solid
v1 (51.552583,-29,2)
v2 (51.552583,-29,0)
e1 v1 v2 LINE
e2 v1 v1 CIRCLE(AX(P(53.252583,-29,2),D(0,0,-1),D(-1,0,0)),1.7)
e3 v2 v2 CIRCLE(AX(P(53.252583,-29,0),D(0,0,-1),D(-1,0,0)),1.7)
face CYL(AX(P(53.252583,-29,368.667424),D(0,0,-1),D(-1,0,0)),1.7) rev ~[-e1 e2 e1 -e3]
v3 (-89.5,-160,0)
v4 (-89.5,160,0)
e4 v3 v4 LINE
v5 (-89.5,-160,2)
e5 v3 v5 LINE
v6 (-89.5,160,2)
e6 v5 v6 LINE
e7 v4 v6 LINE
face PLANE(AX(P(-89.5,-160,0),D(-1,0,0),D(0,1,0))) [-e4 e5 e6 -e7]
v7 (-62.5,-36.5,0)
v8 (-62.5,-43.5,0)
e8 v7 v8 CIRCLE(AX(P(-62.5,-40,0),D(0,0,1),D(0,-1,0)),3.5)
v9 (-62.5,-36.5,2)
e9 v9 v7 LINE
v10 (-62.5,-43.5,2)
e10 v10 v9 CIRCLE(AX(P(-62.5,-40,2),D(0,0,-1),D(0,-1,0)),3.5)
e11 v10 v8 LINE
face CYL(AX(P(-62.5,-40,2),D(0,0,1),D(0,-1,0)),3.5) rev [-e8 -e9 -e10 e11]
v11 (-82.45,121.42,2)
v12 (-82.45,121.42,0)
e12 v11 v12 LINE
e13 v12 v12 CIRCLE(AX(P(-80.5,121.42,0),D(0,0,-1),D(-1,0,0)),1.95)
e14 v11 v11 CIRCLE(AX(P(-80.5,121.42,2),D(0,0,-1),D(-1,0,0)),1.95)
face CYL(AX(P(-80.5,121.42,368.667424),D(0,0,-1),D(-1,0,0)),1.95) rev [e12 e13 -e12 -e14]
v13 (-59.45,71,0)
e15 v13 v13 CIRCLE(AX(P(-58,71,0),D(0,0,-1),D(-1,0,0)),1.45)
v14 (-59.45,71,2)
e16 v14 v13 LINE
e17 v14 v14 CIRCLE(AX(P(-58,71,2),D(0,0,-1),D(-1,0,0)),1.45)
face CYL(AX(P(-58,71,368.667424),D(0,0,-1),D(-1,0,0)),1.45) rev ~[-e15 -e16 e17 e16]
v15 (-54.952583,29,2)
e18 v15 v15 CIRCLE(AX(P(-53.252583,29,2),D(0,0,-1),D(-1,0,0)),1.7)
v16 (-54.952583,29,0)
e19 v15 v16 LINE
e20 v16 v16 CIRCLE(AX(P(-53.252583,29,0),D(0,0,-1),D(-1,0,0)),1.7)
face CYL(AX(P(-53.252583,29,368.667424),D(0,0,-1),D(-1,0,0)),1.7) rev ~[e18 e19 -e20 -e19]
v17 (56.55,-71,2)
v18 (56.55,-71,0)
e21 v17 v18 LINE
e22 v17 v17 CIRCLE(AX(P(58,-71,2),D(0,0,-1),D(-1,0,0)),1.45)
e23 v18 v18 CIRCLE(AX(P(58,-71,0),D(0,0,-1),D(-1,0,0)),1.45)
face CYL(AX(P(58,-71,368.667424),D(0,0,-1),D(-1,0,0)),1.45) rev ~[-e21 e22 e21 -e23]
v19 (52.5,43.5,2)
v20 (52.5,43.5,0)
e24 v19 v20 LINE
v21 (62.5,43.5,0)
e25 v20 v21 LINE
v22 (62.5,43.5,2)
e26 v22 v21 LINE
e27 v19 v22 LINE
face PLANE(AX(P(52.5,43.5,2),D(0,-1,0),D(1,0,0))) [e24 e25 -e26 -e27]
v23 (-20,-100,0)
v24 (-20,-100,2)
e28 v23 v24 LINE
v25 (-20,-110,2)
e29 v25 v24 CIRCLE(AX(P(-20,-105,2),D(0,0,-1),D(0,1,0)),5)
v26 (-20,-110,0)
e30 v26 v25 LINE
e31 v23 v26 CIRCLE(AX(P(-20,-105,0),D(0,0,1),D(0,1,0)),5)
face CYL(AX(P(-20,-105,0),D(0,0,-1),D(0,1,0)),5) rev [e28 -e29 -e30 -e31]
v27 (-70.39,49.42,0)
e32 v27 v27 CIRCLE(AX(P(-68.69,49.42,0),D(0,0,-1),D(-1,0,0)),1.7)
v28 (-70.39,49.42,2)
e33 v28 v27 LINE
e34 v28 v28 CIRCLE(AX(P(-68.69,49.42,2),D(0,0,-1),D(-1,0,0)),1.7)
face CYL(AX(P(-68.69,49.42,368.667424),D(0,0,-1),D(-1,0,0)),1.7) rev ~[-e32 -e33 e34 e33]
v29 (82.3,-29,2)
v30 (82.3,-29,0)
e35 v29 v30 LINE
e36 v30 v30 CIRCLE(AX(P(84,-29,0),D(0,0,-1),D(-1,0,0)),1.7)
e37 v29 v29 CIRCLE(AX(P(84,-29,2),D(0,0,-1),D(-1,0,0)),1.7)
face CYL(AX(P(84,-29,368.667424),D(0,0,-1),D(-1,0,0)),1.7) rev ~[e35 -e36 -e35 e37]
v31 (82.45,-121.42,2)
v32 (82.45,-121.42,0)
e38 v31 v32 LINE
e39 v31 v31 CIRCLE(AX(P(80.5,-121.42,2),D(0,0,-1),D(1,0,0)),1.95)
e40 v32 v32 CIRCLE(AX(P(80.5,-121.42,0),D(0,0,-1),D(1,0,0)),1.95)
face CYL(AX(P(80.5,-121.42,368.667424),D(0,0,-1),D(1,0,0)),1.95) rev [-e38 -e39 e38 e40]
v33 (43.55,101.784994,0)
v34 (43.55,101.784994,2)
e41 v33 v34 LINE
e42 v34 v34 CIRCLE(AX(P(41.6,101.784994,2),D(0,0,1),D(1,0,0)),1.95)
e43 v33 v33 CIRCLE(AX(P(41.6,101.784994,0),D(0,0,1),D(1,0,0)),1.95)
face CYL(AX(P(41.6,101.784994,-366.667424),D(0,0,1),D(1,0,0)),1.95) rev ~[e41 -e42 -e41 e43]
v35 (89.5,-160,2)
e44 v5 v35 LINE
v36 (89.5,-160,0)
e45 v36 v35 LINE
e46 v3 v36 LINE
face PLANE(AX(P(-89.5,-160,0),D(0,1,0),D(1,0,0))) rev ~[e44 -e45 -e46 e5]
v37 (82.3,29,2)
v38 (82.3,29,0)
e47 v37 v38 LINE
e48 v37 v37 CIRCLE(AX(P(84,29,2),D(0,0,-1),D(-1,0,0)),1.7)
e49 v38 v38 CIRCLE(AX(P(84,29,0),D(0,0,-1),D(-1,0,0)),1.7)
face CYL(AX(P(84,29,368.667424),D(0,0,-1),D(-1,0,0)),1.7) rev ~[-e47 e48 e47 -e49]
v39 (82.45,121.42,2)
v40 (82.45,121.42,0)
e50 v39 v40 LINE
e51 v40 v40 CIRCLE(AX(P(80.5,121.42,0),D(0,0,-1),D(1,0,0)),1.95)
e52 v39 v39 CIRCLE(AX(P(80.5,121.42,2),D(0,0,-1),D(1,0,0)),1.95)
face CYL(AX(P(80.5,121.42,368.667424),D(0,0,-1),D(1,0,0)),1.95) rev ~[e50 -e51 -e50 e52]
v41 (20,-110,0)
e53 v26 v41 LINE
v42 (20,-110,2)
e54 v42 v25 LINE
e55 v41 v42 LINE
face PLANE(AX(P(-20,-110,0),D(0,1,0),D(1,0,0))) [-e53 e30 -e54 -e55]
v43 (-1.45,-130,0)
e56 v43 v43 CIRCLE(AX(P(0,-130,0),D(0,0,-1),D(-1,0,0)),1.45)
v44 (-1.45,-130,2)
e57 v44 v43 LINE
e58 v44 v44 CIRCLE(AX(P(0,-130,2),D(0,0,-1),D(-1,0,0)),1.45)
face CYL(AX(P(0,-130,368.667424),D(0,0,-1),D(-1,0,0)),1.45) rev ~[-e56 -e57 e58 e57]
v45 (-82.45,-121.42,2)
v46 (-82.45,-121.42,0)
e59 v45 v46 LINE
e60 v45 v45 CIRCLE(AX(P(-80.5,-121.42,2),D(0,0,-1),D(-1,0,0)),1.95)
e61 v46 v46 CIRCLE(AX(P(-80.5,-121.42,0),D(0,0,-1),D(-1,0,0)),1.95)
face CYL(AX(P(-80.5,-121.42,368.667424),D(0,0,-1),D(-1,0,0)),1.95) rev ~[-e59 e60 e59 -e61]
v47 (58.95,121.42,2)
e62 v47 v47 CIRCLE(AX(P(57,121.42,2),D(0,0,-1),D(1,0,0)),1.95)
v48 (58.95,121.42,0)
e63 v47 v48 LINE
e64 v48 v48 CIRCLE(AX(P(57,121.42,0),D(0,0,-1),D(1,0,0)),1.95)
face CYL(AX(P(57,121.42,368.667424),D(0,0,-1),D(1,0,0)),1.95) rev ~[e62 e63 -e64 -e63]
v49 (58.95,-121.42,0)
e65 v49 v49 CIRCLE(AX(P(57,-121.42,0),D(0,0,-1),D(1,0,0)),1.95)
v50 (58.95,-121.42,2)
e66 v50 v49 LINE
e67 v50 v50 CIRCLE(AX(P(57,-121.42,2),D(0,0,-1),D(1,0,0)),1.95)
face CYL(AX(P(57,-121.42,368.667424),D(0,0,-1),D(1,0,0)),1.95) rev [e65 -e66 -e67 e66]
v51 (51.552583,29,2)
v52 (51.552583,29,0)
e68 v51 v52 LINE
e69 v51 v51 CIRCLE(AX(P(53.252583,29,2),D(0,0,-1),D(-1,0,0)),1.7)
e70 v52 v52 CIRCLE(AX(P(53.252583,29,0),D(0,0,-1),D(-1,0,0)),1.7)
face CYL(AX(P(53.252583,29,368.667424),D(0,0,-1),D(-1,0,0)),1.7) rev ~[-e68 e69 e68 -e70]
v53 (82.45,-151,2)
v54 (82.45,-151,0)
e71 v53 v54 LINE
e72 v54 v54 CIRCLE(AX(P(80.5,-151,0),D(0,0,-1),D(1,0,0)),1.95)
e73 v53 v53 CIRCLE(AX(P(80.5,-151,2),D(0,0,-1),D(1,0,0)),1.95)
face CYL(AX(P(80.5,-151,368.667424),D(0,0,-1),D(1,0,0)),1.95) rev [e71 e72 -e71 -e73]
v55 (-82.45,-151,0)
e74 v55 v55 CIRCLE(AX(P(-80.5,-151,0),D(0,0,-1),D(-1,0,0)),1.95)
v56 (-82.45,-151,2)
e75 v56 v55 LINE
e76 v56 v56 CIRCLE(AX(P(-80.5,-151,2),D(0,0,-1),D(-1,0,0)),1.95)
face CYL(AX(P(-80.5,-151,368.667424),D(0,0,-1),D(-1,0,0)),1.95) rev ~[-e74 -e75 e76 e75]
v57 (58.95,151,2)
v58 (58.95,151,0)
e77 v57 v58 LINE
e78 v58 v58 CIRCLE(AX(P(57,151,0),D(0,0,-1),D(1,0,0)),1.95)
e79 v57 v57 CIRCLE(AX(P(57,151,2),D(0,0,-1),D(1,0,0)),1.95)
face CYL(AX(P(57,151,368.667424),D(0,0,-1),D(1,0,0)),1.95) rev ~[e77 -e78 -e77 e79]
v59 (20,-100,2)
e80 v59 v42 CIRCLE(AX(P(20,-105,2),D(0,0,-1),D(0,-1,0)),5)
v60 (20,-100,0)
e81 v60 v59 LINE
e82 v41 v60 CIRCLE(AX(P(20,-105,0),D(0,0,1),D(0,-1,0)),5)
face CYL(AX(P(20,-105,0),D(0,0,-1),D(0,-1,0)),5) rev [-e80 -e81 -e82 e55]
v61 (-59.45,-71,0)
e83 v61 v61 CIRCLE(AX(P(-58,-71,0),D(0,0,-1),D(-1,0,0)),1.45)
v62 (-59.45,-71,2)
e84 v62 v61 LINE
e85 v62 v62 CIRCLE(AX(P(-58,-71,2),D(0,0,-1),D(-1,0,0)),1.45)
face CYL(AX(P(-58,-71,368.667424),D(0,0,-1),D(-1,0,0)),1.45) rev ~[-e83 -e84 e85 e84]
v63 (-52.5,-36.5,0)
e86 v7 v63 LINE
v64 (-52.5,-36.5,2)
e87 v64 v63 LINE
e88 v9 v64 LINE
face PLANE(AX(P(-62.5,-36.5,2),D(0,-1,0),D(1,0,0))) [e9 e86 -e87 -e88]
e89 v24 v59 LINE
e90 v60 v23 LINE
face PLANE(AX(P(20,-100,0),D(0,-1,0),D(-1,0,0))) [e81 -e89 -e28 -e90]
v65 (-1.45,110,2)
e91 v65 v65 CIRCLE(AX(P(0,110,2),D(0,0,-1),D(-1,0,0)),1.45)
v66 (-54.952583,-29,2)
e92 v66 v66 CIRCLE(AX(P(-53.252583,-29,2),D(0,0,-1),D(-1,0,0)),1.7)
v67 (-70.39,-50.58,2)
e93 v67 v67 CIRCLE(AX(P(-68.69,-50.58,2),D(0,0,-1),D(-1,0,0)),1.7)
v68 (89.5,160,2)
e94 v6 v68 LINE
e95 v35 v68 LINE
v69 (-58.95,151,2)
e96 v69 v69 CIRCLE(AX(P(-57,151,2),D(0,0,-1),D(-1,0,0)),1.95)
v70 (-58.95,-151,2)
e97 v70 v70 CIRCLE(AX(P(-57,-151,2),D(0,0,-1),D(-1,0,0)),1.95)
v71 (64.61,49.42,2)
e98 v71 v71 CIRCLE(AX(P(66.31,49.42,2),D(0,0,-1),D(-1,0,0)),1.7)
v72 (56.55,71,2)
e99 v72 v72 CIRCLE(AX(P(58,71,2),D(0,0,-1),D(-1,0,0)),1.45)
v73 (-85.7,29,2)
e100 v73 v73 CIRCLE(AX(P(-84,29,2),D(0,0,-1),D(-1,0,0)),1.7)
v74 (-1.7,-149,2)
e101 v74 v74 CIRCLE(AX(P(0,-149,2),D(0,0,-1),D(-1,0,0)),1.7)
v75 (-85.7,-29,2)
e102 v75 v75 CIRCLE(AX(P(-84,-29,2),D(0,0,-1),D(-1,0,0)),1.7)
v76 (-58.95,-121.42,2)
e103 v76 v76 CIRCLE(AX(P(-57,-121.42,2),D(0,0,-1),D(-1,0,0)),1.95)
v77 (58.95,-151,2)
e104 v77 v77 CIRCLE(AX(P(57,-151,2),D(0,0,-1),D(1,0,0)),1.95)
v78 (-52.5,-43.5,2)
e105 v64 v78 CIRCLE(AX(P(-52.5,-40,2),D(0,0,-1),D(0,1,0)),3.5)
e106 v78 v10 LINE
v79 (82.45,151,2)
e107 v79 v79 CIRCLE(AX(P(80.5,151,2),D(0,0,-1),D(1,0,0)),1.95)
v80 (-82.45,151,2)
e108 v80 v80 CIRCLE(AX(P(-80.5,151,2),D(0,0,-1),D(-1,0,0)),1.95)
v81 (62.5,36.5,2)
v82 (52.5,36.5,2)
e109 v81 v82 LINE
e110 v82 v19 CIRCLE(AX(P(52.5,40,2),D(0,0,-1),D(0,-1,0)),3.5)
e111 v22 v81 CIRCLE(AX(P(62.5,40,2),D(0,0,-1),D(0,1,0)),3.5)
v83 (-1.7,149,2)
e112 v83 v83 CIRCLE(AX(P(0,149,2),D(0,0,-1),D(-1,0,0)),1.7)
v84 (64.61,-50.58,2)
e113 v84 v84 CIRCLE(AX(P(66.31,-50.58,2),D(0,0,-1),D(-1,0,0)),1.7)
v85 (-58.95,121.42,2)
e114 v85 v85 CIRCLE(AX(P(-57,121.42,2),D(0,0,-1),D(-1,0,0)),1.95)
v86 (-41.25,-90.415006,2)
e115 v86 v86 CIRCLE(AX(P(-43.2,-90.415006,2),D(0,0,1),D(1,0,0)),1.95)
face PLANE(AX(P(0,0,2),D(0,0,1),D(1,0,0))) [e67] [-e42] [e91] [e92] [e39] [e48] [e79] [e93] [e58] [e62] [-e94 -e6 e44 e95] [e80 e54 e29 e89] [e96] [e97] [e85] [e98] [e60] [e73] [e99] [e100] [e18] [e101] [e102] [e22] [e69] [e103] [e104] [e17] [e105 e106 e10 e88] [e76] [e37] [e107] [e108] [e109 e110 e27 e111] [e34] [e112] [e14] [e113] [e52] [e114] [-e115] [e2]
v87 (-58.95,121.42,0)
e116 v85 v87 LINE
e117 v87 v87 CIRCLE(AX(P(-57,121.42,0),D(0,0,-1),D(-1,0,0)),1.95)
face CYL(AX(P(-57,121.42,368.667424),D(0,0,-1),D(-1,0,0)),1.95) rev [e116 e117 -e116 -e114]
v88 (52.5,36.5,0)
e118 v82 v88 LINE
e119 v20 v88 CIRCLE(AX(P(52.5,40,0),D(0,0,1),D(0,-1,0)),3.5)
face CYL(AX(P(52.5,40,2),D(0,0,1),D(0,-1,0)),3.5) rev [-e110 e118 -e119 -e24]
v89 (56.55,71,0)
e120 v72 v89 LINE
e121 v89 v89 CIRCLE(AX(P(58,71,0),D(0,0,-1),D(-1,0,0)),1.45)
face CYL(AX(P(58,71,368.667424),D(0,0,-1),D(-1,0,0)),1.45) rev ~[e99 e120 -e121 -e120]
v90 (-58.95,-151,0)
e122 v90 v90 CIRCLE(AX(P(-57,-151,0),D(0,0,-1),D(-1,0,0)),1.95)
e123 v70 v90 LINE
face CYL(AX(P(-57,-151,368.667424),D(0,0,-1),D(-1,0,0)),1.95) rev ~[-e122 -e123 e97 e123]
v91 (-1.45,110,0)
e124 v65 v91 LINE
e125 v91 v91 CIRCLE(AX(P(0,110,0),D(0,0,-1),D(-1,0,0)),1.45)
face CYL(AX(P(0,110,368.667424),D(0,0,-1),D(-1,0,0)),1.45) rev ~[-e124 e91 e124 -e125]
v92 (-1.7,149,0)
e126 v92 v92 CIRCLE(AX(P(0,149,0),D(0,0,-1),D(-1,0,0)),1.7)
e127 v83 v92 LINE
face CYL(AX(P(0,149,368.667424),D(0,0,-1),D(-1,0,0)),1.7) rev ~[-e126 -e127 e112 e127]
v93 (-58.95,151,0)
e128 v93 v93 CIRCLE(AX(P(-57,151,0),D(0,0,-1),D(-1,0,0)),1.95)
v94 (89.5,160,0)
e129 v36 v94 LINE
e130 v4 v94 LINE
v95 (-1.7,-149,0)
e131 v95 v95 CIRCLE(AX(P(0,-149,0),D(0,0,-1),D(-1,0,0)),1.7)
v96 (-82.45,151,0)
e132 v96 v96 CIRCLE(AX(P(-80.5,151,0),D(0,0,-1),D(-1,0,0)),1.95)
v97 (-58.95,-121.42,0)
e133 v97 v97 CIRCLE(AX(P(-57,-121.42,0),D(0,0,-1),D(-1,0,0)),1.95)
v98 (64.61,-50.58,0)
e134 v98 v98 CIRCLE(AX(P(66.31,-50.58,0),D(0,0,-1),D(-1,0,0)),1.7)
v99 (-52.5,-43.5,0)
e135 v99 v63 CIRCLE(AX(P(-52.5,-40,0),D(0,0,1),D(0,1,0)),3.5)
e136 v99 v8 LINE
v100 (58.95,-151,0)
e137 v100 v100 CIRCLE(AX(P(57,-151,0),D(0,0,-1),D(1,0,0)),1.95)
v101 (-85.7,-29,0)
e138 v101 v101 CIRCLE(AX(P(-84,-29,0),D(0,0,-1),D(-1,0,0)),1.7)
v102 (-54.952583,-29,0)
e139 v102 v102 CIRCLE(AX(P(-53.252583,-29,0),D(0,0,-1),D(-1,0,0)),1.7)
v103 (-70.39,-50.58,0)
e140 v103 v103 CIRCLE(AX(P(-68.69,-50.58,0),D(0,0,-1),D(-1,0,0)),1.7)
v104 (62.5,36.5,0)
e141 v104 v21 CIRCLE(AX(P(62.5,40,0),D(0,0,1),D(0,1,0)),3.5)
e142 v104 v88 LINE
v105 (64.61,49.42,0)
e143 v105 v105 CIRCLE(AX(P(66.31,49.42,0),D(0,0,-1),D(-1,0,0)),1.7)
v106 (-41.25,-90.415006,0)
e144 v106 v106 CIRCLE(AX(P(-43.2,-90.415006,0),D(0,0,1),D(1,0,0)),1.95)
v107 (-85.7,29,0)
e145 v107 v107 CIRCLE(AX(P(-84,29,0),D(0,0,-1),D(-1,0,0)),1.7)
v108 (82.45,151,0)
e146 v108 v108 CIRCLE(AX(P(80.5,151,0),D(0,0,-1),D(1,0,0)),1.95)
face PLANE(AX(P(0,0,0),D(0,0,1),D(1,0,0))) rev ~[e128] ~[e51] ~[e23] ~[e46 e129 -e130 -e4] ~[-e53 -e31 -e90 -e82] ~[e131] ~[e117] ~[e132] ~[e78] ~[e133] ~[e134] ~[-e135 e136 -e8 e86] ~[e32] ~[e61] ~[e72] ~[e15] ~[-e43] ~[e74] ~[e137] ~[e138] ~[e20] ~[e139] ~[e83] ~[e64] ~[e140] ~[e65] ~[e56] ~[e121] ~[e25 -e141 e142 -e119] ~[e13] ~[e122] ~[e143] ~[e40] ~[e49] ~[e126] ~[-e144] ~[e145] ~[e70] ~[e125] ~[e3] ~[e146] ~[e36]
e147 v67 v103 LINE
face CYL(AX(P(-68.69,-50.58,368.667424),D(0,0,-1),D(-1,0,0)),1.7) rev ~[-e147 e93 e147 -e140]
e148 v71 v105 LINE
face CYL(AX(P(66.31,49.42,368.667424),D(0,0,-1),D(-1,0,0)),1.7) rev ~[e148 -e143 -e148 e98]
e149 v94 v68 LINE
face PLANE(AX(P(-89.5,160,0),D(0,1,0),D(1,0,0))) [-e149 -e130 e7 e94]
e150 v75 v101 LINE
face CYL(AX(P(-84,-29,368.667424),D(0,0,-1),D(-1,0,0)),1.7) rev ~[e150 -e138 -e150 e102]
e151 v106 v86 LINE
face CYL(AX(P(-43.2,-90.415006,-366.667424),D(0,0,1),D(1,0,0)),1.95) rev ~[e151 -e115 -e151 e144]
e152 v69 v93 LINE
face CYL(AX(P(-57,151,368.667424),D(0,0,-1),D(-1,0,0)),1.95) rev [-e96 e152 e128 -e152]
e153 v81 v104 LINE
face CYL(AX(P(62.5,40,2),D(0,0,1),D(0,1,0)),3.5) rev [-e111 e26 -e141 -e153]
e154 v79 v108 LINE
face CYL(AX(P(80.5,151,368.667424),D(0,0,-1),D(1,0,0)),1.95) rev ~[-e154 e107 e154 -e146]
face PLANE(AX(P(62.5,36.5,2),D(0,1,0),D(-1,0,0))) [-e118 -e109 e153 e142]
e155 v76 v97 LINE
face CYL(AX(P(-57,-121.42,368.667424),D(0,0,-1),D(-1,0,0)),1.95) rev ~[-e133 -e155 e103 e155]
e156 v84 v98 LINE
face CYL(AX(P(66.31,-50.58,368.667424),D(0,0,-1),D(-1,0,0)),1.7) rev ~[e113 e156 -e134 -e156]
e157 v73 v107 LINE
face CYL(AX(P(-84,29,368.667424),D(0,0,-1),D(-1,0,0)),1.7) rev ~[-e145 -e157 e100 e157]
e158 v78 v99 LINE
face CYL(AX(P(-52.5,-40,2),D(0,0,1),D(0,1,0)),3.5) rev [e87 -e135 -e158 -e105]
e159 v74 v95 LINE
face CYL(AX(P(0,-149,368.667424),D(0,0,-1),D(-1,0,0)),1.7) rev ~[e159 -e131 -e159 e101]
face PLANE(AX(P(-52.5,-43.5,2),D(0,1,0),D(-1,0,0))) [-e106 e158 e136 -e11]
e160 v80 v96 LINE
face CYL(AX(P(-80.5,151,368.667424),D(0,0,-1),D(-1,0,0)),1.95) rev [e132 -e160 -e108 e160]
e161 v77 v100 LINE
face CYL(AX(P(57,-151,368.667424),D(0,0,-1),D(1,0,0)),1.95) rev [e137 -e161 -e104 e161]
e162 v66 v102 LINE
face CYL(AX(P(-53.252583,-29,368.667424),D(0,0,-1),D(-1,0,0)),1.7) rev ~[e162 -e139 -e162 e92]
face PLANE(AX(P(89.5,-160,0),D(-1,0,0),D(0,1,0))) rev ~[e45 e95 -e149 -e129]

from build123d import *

# Parameters (mm, degrees)
CROQUIS1_W                     = 179
CROQUIS1_H                     = 320
SALIENTE_EXTRUIR1_DEPTH        = 2
TALADRO_DE_MARGEN_PARA_M31_D   = 3.4
TALADRO_DE_MARGEN_PARA_M2_51_D = 2.9
TALADRO_DE_MARGEN_PARA_M32_D   = 3.4
CORTAR_EXTRUIR1_DEPTH          = 184.34189374
TALADRO_DE_MARGEN_PARA_M3_51_D = 3.9
SIMETR_A4_COPY_1_D             = 3.9
TALADRO_DE_MARGEN_PARA_M3_52_D = 3.9
CORTAR_EXTRUIR2_DEPTH          = 184.34189374


with BuildPart() as part:
    # Croquis1 → Saliente-Extruir1 (new body)
    with BuildSketch(Plane.XY):
        Rectangle(CROQUIS1_W, CROQUIS1_H)
    extrude(amount=SALIENTE_EXTRUIR1_DEPTH)

    # Taladro de margen para M31 (through all)
    with Locations(Plane.XY.offset(2)):
        with Locations((0, 149), (-68.69, 49.42), (-68.69, -50.58), (0, -149), (66.31, -50.58), (66.31, 49.42)):
            Hole(TALADRO_DE_MARGEN_PARA_M31_D / 2)

    # Taladro de margen para M2.51 (through all)
    with Locations(Plane.XY.offset(2)):
        with Locations((0, 110), (-58, 71), (-58, -71), (0, -130), (58, -71), (58, 71)):
            Hole(TALADRO_DE_MARGEN_PARA_M2_51_D / 2)

    # Taladro de margen para M32 (through all)
    with Locations(Plane.XY.offset(2)):
        with Locations((-84, 29), (-84, -29), (-53.252582689, 29), (-53.252582689, -29), (53.252582689, 29), (84, 29), (84, -29), (53.252582689, -29)):
            Hole(TALADRO_DE_MARGEN_PARA_M32_D / 2)

    # Croquis10 → Cortar-Extruir1 (cut, through all)
    with BuildSketch(Plane.XY.offset(2)):
        with BuildLine():
            Line((-62.5, -36.5), (-52.5, -36.5))
            ThreePointArc((-52.5, -36.5), (-49, -40), (-52.5, -43.5))
            Line((-52.5, -43.5), (-62.5, -43.5))
            ThreePointArc((-62.5, -43.5), (-66, -40), (-62.5, -36.5))
        make_face()
        with BuildLine():
            Line((52.5, 43.5), (62.5, 43.5))
            ThreePointArc((62.5, 43.5), (66, 40), (62.5, 36.5))
            Line((62.5, 36.5), (52.5, 36.5))
            ThreePointArc((52.5, 36.5), (49, 40), (52.5, 43.5))
        make_face()
    extrude(amount=-CORTAR_EXTRUIR1_DEPTH, mode=Mode.SUBTRACT)

    # Taladro de margen para M3.51 (through all)
    with Locations(Plane.XY.offset(2)):
        with Locations((-80.5, -121.42), (-57, -121.42), (-57, -151), (-80.5, -151)):
            taladro_de_margen_para_m3_51 = Hole(TALADRO_DE_MARGEN_PARA_M3_51_D / 2)

    # Simetría3: Taladro de margen para M3.51 across plane
    add(taladro_de_margen_para_m3_51.mirror(Plane.ZX), mode=Mode.SUBTRACT)

    # Simetría4: Taladro de margen para M3.51 across plane
    add(taladro_de_margen_para_m3_51.mirror(Plane(origin=(0, 0, 0), x_dir=(0, 0, 1), z_dir=(1, 0, 0))), mode=Mode.SUBTRACT)

    # Simetría4 copy 1 (through all)
    with Locations(Plane(origin=(0, 0, 2), x_dir=(-1, 0, 0), z_dir=(0, 0, 1))):
        with Locations((-80.5, -121.42), (-57, -121.42), (-57, -151), (-80.5, -151)):
            Hole(SIMETR_A4_COPY_1_D / 2)

    # Taladro de margen para M3.52 (through all)
    with Locations(Plane(origin=(0, 0, 0), x_dir=(-1, 0, 0), z_dir=(0, 0, -1))):
        with Locations((-41.6, 101.784994015), (43.2, -90.415005985)):
            Hole(TALADRO_DE_MARGEN_PARA_M3_52_D / 2)

    # Croquis17 → Cortar-Extruir2 (cut, through all)
    with BuildSketch(Plane(origin=(0, 0, 0), x_dir=(-1, 0, 0), z_dir=(0, 0, -1))):
        with BuildLine():
            Line((20, -110), (-20, -110))
            ThreePointArc((-20, -110), (-25, -105), (-20, -100))
            Line((-20, -100), (20, -100))
            ThreePointArc((20, -100), (25, -105), (20, -110))
        make_face()
    extrude(amount=-CORTAR_EXTRUIR2_DEPTH, mode=Mode.SUBTRACT)


solid = part.part
